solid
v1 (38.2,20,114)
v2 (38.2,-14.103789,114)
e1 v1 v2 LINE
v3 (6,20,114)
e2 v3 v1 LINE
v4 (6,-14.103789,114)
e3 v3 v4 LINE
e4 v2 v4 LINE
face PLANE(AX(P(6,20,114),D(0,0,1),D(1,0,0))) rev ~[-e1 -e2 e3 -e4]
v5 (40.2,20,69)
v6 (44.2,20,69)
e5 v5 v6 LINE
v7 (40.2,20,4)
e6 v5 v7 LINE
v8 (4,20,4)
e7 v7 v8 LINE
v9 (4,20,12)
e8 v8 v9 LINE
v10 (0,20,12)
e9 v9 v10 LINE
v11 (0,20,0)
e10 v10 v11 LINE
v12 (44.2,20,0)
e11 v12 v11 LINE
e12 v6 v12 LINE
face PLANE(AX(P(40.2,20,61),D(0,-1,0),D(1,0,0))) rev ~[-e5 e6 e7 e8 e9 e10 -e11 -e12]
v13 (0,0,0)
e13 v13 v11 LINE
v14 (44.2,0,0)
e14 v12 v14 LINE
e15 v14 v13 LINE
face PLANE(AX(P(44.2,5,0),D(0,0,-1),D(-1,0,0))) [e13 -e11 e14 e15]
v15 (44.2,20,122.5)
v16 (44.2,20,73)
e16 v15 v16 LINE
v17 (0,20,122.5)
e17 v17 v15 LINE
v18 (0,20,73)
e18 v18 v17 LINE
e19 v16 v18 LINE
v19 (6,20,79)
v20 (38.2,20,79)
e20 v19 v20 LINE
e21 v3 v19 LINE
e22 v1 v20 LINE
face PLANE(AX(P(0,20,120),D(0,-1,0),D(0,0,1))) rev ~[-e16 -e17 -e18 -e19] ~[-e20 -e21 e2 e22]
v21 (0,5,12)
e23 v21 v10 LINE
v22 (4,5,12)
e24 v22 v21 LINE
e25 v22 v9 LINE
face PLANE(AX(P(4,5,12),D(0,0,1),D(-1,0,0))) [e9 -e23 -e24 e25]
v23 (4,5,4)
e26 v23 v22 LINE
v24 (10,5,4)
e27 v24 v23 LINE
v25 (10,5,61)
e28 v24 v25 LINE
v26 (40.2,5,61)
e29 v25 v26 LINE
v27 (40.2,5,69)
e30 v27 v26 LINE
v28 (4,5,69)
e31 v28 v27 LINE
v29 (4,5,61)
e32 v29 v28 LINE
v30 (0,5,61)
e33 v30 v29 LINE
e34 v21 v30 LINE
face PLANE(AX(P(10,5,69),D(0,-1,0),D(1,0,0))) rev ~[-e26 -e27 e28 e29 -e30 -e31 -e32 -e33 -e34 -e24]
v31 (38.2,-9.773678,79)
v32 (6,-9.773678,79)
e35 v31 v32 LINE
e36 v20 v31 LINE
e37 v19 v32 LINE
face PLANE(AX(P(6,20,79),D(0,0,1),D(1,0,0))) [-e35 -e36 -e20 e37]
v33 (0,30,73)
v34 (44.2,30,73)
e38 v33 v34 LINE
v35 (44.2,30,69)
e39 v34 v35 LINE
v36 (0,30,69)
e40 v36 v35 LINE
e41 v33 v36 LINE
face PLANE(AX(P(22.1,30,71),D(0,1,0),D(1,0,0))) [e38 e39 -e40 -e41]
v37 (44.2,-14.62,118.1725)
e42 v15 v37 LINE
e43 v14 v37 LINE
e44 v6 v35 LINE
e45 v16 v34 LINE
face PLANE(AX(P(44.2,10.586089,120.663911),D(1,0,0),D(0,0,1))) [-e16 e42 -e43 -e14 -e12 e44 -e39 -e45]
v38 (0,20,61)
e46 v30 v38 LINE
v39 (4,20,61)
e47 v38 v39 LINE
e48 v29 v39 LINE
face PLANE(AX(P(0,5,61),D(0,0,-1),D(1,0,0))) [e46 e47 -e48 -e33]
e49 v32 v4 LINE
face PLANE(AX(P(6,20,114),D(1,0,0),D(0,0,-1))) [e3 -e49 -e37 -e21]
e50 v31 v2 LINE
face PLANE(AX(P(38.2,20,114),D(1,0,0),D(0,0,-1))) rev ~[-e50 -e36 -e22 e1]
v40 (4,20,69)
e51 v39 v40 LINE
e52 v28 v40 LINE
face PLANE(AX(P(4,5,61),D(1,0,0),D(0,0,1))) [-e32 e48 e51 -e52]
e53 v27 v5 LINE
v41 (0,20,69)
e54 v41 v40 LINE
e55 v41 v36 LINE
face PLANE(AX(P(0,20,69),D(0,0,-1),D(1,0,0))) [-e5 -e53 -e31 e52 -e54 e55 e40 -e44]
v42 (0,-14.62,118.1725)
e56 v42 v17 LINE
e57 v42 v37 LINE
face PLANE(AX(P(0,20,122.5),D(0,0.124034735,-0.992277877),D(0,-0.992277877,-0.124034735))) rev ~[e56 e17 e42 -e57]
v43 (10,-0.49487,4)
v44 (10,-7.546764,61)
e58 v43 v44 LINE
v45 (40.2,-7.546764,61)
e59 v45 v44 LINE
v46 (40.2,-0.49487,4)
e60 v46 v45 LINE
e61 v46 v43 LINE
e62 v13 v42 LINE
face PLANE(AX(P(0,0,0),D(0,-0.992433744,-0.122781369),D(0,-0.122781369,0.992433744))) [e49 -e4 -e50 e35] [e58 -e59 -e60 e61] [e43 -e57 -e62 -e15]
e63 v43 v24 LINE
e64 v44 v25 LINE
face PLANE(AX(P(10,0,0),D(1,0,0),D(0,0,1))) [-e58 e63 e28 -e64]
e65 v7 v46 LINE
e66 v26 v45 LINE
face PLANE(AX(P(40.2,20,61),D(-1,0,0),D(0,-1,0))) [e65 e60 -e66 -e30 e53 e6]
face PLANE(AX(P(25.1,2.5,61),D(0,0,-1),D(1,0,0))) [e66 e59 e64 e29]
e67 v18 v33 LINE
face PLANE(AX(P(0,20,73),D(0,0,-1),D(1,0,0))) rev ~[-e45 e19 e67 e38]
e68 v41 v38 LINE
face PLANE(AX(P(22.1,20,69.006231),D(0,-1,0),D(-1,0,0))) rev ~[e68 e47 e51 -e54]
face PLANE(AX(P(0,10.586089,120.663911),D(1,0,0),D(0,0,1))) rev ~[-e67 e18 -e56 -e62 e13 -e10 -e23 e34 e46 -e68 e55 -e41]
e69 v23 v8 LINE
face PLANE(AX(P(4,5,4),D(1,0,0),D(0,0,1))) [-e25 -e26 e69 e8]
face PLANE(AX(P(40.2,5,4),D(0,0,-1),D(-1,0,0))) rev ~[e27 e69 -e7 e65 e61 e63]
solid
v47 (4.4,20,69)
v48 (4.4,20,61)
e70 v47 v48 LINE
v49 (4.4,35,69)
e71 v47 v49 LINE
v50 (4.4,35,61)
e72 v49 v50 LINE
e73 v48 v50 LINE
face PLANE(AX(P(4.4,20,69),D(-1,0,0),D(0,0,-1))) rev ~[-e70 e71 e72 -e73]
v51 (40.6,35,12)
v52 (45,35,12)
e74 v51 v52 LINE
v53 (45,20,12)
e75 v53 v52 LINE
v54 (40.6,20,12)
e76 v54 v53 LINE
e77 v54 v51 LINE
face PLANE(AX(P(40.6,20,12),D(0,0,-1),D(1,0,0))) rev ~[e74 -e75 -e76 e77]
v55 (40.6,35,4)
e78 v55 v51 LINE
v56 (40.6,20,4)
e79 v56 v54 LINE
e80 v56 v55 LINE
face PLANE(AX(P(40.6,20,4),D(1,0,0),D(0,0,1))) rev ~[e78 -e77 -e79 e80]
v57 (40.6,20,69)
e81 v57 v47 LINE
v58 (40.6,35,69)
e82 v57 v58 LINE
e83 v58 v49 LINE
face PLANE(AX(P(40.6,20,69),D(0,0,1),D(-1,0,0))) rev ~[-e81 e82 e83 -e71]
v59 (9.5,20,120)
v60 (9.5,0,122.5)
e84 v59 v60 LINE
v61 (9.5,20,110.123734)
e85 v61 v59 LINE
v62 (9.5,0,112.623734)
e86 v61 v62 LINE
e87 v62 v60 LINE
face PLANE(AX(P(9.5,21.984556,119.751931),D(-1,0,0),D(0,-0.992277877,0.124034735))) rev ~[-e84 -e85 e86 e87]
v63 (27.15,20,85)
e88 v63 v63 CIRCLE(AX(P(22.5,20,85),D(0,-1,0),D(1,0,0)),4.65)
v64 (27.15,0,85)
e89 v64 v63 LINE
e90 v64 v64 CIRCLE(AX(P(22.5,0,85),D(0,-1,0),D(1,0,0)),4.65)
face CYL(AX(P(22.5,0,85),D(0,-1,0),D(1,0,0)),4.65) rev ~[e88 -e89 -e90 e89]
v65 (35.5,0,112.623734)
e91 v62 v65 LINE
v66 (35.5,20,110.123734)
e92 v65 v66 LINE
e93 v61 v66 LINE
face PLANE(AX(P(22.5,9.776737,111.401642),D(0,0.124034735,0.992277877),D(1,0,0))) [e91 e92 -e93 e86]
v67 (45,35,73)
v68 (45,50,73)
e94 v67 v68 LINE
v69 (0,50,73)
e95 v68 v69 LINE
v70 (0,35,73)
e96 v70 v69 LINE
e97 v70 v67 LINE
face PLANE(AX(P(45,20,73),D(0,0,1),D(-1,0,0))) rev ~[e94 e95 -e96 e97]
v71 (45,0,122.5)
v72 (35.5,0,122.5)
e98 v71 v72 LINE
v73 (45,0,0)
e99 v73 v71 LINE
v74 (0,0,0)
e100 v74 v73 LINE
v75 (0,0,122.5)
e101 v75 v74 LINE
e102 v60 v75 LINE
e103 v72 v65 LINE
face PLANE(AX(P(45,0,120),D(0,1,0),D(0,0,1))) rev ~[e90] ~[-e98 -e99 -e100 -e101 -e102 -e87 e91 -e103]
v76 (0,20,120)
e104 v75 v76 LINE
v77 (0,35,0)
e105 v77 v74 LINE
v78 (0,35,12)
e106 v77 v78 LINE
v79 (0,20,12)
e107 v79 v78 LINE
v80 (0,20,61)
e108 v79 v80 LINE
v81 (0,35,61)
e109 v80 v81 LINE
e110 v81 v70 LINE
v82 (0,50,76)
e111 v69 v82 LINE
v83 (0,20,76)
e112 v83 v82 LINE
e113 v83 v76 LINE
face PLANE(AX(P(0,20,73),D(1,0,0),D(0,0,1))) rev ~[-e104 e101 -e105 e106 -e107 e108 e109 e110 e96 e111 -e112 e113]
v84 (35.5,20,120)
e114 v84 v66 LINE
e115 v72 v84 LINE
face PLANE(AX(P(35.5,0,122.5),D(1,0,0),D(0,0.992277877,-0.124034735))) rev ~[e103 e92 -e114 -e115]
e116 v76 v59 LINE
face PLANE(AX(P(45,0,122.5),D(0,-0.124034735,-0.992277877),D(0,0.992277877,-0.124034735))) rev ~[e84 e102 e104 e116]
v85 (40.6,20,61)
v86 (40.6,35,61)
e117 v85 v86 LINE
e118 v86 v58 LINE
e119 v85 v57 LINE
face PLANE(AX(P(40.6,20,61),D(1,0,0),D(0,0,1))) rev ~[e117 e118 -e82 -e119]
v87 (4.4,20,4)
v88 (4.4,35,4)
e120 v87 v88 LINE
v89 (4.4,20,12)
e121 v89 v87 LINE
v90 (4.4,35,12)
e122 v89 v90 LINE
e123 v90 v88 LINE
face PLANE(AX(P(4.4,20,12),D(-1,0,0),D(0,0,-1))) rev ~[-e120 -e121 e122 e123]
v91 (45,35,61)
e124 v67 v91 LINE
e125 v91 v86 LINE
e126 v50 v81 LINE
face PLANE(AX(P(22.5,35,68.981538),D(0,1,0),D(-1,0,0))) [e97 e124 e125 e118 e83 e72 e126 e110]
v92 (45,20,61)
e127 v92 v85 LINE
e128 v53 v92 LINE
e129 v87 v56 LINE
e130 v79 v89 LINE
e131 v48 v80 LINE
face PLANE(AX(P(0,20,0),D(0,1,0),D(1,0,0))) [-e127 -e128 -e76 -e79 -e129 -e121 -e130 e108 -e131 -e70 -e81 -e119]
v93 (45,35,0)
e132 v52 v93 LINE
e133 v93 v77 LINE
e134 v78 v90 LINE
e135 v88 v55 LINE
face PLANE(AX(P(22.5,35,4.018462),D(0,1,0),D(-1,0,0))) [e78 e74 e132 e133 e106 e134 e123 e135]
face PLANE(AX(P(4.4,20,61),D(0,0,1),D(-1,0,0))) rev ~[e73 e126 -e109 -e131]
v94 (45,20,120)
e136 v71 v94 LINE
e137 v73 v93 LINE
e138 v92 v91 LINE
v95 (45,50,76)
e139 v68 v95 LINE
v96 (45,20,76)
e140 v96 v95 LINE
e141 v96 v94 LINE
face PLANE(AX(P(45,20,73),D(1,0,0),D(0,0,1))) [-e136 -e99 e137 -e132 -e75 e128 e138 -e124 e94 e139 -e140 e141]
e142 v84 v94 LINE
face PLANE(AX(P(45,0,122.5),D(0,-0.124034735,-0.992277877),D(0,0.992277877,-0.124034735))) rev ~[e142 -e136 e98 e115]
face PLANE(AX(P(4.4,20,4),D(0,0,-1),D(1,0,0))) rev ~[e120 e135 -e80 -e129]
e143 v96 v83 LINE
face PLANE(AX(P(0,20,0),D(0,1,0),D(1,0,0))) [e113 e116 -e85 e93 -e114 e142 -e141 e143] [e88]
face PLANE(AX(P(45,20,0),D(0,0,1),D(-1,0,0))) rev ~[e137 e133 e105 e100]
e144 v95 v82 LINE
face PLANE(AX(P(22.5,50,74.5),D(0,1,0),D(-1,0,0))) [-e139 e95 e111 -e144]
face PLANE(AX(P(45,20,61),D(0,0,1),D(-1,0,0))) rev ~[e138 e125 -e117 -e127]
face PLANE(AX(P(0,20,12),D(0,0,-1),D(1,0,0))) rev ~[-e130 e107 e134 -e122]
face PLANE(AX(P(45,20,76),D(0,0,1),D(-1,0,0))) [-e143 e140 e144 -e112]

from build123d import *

# Parameters (mm, degrees)
SKETCH_W        = 45
SKETCH_H        = 20
PAD_DEPTH       = 120
PAD001_DEPTH    = 45
SKETCH002_R     = 4.65
POCKET_DEPTH    = 20
PAD002_DEPTH    = 15
PAD003_DEPTH    = 15
POCKET001_DEPTH = 9.8
SKETCH019_W     = 45
SKETCH019_H     = 3
PAD016_DEPTH    = 30
SKETCH005_W     = 10
SKETCH005_H     = 73
PAD004_DEPTH    = 5
PAD005_DEPTH    = 15
PAD006_DEPTH    = 5
PAD007_DEPTH    = 15
PAD008_DEPTH    = 5
SKETCH008_W     = 44.2
SKETCH008_H     = 4
PAD009_DEPTH    = 10
SKETCH009_W     = 30.2
SKETCH009_H     = 5
PAD010_DEPTH    = 8
SKETCH011_W     = 4
SKETCH011_H     = 5
PAD011_DEPTH    = 49
SKETCH013_W     = 4
SKETCH013_H     = 15
PAD012_DEPTH    = 49
SKETCH014_W     = 44.2
SKETCH014_H     = 20
PAD013_DEPTH    = 47
PAD014_DEPTH    = 44.2
PAD015_DEPTH    = 44.2
SKETCH017_W     = 30.2
SKETCH017_H     = 57
POCKET002_DEPTH = 10
SKETCH018_W     = 32.2
SKETCH018_H     = 35
POCKET003_DEPTH = 50


with BuildPart() as body:
    # Sketch → Pad (new body)
    with BuildSketch(Plane.XY):
        with Locations((22.5, 10)):
            Rectangle(SKETCH_W, SKETCH_H)
    extrude(amount=PAD_DEPTH)

    # Sketch001 (on Face2 of Pad) → Pad001 (join)
    with BuildSketch(Plane.YZ.offset(45)):
        Polygon((0, 120), (0, 122.5), (20, 120), align=None)
    extrude(amount=-PAD001_DEPTH)

    # Sketch002 (on Face6 of Pad001) → Pocket (cut)
    with BuildSketch(Plane.XZ):
        with Locations((22.5, 85)):
            Circle(SKETCH002_R)
    extrude(amount=-POCKET_DEPTH, mode=Mode.SUBTRACT)

    # Sketch003 (on Face1 of Pocket) → Pad002 (join)
    with BuildSketch(Plane(origin=(0, 20, 0), x_dir=(-1, 0, 0), z_dir=(0, 1, 0))):
        Polygon((-4.4, 4), (-40.6, 4), (-40.6, 12), (-45, 12), (-45, 0), (0, 0), (0, 12), (-4.4, 12), align=None)
    extrude(amount=PAD002_DEPTH)

    # Sketch004 (on Face1 of Pad002) → Pad003 (join)
    with BuildSketch(Plane(origin=(0, 20, 0), x_dir=(-1, 0, 0), z_dir=(0, 1, 0))):
        Polygon((0, 73), (-45, 73), (-45, 61), (-40.6, 61), (-40.6, 69), (-4.4, 69), (-4.4, 61), (0, 61), align=None)
    extrude(amount=PAD003_DEPTH)

    # Sketch010 (on Face27 of Pad003) → Pocket001 (cut)
    with BuildSketch(Plane(origin=(0, 15.0769230769, 120.6153846154), x_dir=(1, 0, 0), z_dir=(0, 0.1240347346, 0.9922778767))):
        Polygon((9.5, 4.9613893836), (9.5, -15.1942549872), (35.5, -15.1942549872), (35.5, 4.9613893836), (35.5, 6.9613893836), (9.5, 6.9613893836), align=None)
    extrude(amount=-POCKET001_DEPTH, mode=Mode.SUBTRACT)

    # Sketch019 (on Face17 of Pocket001) → Pad016 (join)
    with BuildSketch(Plane(origin=(0, 20, 0), x_dir=(-1, 0, 0), z_dir=(0, 1, 0))):
        with Locations((-22.5, 74.5)):
            Rectangle(SKETCH019_W, SKETCH019_H)
    extrude(amount=PAD016_DEPTH)


with BuildPart() as batteryrearmotorholder001:
    # Sketch005 → Pad004 (new body)
    with BuildSketch(Plane.XZ):
        with Locations((5, 36.5)):
            Rectangle(SKETCH005_W, SKETCH005_H)
    extrude(amount=-PAD004_DEPTH)

    # Sketch006 (on Face6 of Pad004) → Pad005 (join)
    with BuildSketch(Plane(origin=(0, 5, 0), x_dir=(1, 0, 0), z_dir=(0, 1, 0))):
        Polygon((0, 0), (10, 0), (44.2, 0), (44.2, -12), (40.2, -12), (40.2, -4), (4, -4), (4, -12), (0, -12), align=None)
    extrude(amount=PAD005_DEPTH)

    # Sketch006 (on Face6 of Pad004) → Pad006 (join)
    with BuildSketch(Plane(origin=(0, 5, 0), x_dir=(1, 0, 0), z_dir=(0, 1, 0))):
        Polygon((0, 0), (10, 0), (44.2, 0), (44.2, -12), (40.2, -12), (40.2, -4), (4, -4), (4, -12), (0, -12), align=None)
    extrude(amount=-PAD006_DEPTH)

    # Sketch007 (on Face6 of Pad004) → Pad007 (join)
    with BuildSketch(Plane(origin=(0, 5, 0), x_dir=(1, 0, 0), z_dir=(0, 1, 0))):
        Polygon((0, -73), (0, -61), (4, -61), (4, -69), (40.2, -69), (40.2, -61), (44.2, -61), (44.2, -73), align=None)
    extrude(amount=PAD007_DEPTH)

    # Sketch007 (on Face6 of Pad004) → Pad008 (join)
    with BuildSketch(Plane(origin=(0, 5, 0), x_dir=(1, 0, 0), z_dir=(0, 1, 0))):
        Polygon((0, -73), (0, -61), (4, -61), (4, -69), (40.2, -69), (40.2, -61), (44.2, -61), (44.2, -73), align=None)
    extrude(amount=-PAD008_DEPTH)

    # Sketch008 (on Face33 of Pad008) → Pad009 (join)
    with BuildSketch(Plane(origin=(0, 20, 0), x_dir=(1, 0, 0), z_dir=(0, 1, 0))):
        with Locations((22.1, -71)):
            Rectangle(SKETCH008_W, SKETCH008_H)
    extrude(amount=PAD009_DEPTH)

    # Sketch009 (on Face32 of Pad009) → Pad010 (join)
    with BuildSketch(Plane(origin=(0, 0, 69), x_dir=(1, 0, 0), z_dir=(0, 0, -1))):
        with Locations((25.1, -2.5)):
            Rectangle(SKETCH009_W, SKETCH009_H)
    extrude(amount=PAD010_DEPTH)

    # Sketch011 (on Face16 of Pad009) → Pad011 (join)
    with BuildSketch(Plane(origin=(0, 0, 12), x_dir=(-1, 0, 0), z_dir=(0, 0, 1))):
        with Locations((-42.2, -2.5)):
            Rectangle(SKETCH011_W, SKETCH011_H)
    extrude(amount=PAD011_DEPTH)

    # Sketch013 (on Face45 of Pad011) → Pad012 (join)
    with BuildSketch(Plane(origin=(0, 0, 61), x_dir=(1, 0, 0), z_dir=(0, 0, -1))):
        with Locations((42.2, -12.5)):
            Rectangle(SKETCH013_W, SKETCH013_H)
    extrude(amount=PAD012_DEPTH)

    # Sketch014 (on Face44 of Pad012) → Pad013 (join)
    with BuildSketch(Plane(origin=(0, 0, 73), x_dir=(-1, 0, 0), z_dir=(0, 0, 1))):
        with Locations((-22.1, -10)):
            Rectangle(SKETCH014_W, SKETCH014_H)
    extrude(amount=PAD013_DEPTH)

    # Sketch015 (on Face33 of Pad013) → Pad014 (join)
    with BuildSketch(Plane(origin=(0, 0, 0), x_dir=(0, 0, -1), z_dir=(-1, 0, 0))):
        Polygon((-120, 0), (-120, -20), (-122.5, -20), align=None)
    extrude(amount=-PAD014_DEPTH)

    # Sketch016 (on Face33 of Pad014) → Pad015 (join)
    with BuildSketch(Plane(origin=(0, 0, 0), x_dir=(0, 0, -1), z_dir=(-1, 0, 0))):
        Polygon((-120, 0), (0, 0), (-118.1725, 14.62), align=None)
    extrude(amount=-PAD015_DEPTH)

    # Sketch017 (on Face48 of Pad015) → Pocket002 (cut)
    with BuildSketch(Plane(origin=(0, 0, 0), x_dir=(1, 0, 0), z_dir=(0, 1, 0))):
        with Locations((25.1, -32.5)):
            Rectangle(SKETCH017_W, SKETCH017_H)
    extrude(amount=-POCKET002_DEPTH, mode=Mode.SUBTRACT)

    # Sketch018 (on Face36 of Pocket002) → Pocket003 (cut)
    with BuildSketch(Plane(origin=(0, 20, 0), x_dir=(1, 0, 0), z_dir=(0, 1, 0))):
        with Locations((22.1, -96.5)):
            Rectangle(SKETCH018_W, SKETCH018_H)
    extrude(amount=-POCKET003_DEPTH, mode=Mode.SUBTRACT)


solid = Compound([body.part, batteryrearmotorholder001.part])
